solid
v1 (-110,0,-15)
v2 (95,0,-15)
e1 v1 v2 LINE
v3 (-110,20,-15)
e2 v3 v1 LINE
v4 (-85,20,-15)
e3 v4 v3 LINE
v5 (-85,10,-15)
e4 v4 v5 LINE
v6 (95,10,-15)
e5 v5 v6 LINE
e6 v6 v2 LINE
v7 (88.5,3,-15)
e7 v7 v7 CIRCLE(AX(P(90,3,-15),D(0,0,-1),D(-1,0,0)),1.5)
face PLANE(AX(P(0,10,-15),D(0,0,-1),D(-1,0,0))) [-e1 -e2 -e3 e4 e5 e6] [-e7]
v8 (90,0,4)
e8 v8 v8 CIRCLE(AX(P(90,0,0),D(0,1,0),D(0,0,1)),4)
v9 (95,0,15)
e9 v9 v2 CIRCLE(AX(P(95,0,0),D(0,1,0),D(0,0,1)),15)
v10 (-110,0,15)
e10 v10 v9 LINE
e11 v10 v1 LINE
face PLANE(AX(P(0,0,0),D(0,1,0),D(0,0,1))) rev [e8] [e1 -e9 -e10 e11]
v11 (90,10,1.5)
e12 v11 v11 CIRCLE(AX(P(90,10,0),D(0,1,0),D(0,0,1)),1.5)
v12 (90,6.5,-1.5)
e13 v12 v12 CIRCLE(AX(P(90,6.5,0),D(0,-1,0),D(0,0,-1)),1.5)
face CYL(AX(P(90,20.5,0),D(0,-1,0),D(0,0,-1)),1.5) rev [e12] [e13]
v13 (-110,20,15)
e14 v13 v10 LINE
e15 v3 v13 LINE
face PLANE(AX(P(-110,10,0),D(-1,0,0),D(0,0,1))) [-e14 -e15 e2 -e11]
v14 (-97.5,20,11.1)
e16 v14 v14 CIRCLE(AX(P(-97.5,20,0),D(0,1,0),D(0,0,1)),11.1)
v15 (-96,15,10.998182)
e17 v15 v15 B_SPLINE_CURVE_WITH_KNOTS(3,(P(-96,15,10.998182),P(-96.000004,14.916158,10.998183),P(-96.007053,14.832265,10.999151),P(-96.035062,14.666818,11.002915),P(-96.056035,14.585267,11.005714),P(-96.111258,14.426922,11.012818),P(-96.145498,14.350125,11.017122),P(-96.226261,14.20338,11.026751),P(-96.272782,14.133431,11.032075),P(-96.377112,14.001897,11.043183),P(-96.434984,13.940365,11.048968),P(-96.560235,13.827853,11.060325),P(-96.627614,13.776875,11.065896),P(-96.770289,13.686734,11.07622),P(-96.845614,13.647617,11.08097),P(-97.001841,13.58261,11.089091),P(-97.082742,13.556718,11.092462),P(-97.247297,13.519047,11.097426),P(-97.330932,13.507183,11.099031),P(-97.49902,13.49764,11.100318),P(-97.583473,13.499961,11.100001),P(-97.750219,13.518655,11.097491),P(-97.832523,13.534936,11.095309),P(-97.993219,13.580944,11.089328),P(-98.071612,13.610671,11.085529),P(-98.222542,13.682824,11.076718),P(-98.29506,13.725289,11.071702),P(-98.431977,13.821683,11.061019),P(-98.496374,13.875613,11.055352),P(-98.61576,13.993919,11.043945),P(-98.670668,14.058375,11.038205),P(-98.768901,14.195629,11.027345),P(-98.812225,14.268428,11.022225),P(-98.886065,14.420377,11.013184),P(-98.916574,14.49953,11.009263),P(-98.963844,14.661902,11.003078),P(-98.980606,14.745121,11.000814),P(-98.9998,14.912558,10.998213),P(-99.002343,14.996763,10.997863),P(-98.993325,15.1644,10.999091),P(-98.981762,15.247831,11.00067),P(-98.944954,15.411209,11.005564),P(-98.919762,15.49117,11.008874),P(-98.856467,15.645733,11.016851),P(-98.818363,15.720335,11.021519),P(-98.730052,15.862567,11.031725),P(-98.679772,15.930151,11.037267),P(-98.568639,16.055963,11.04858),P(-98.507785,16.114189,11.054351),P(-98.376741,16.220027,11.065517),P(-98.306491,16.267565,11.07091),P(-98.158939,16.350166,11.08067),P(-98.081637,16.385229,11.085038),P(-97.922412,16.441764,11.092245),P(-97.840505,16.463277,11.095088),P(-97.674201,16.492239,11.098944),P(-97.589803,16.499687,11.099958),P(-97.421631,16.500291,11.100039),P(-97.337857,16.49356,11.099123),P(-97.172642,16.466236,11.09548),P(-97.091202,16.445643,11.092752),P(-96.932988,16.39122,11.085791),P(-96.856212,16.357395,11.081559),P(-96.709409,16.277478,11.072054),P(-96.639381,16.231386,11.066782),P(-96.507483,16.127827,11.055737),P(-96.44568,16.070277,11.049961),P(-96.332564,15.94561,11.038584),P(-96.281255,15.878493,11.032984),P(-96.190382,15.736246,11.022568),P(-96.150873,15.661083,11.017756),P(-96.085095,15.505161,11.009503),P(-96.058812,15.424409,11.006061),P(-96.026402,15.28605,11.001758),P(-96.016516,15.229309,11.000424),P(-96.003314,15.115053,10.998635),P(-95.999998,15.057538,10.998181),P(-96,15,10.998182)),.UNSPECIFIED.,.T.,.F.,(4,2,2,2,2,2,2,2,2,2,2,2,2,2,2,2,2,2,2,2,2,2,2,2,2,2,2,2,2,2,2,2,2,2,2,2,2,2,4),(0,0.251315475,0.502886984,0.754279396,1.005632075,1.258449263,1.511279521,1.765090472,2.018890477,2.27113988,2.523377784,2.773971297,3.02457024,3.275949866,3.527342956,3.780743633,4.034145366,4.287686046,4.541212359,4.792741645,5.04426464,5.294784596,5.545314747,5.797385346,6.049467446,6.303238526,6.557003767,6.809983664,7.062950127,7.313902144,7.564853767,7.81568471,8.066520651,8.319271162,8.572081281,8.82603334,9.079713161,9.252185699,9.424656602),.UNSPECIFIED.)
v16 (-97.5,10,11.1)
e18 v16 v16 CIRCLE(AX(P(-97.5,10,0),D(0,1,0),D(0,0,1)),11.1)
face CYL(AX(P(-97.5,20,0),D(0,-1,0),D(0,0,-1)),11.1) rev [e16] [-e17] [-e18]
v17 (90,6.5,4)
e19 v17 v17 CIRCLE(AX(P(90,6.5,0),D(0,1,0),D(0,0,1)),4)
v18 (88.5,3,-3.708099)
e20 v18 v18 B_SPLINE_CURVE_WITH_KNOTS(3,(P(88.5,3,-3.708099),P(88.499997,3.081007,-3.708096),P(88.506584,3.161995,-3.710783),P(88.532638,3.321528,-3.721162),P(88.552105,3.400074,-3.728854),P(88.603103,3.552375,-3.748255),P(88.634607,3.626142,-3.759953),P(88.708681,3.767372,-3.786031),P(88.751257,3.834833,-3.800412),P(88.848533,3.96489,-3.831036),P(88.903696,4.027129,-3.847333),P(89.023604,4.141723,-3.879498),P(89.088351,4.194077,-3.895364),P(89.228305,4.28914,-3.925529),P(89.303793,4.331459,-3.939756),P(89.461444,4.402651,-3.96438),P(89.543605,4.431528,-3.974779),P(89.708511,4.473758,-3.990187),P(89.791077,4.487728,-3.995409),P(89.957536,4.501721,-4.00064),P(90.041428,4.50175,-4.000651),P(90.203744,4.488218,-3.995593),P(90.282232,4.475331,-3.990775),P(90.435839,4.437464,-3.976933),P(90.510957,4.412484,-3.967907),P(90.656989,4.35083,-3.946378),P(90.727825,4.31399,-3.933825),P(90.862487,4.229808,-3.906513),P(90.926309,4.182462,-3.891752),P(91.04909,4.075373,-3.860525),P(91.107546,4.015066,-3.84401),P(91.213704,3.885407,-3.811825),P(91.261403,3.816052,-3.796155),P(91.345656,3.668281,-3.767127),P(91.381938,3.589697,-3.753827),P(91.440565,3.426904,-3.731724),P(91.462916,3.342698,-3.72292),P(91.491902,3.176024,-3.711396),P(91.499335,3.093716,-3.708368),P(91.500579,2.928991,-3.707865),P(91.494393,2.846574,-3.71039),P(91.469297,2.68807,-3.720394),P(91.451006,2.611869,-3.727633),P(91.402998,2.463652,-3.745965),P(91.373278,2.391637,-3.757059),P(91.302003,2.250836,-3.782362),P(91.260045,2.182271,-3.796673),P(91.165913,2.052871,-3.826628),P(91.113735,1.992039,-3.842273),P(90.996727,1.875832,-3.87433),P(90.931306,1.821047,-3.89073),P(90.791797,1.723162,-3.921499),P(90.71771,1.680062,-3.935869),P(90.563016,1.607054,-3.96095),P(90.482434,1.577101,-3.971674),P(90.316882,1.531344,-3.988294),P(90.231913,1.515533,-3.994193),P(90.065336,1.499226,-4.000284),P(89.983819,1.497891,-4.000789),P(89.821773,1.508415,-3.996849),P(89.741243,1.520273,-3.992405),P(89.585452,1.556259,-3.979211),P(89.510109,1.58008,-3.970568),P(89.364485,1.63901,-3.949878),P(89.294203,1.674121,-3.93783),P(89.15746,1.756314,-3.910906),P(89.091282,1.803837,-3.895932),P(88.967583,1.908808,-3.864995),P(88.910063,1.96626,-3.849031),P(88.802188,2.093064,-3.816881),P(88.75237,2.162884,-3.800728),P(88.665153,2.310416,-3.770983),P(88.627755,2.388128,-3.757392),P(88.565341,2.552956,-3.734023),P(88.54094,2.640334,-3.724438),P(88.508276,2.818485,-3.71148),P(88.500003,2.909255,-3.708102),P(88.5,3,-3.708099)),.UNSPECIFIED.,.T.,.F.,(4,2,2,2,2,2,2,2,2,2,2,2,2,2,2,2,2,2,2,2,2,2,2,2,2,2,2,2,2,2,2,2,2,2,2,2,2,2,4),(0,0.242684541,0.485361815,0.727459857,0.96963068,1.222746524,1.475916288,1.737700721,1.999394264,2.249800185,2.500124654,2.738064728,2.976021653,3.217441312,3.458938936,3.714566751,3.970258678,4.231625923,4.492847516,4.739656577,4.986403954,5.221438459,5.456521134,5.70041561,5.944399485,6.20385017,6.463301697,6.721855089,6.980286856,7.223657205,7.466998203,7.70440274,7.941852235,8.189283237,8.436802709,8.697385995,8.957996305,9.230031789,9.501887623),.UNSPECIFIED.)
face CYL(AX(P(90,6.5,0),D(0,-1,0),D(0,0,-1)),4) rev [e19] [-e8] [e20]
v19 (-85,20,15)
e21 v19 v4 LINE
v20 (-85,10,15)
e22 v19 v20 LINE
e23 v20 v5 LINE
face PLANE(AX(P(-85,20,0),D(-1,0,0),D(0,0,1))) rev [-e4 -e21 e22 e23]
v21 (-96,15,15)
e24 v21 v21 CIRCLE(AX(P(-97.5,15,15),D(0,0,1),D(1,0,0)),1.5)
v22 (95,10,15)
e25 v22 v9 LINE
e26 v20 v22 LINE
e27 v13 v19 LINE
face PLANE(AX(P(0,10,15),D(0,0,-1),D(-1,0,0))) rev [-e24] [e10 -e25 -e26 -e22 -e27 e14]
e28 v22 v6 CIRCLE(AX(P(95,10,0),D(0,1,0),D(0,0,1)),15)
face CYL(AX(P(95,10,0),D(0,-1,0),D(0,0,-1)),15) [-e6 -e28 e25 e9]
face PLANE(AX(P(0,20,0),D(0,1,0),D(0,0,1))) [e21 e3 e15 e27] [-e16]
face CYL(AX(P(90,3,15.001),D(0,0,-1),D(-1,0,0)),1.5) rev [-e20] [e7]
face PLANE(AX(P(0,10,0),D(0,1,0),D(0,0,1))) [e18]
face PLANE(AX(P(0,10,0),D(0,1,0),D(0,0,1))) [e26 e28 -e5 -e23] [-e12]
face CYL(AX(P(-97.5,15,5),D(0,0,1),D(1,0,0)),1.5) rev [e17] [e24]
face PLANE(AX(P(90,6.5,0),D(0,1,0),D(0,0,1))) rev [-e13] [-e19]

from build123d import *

# Parameters (mm, degrees)
SKETCH1_R               = 15
BOSS_EXTRUDE1_DEPTH     = 10
SKETCH2_W               = 25
SKETCH2_H               = 30
SKETCH2_R               = 11.1
BOSS_EXTRUDE3_DEPTH     = 10
SKETCH6_R               = 1.5
CUT_EXTRUDE2_DEPTH      = 10
CUT_EXTRUDE3_START      = -10
SKETCH4_R               = 4
CUT_EXTRUDE3_DEPTH      = 6.5
SKETCH7_R               = 1.5
CUT_EXTRUDE4_DEPTH      = 14
CUT_EXTRUDE5_REACH      = 117.758
CUT_EXTRUDE5_END_RADIUS = 4
SKETCH8_R               = 1.5


with BuildPart() as part:
    # Sketch1 → Boss-Extrude1 (new body)
    with BuildSketch(Plane(origin=(0, 0, 0), x_dir=(1, 0, 0), z_dir=(0, 1, 0))):
        with BuildLine():
            Line((-110, 15), (-110, -15))
            Line((-110, -15), (95, -15))
            ThreePointArc((95, -15), (80, 0), (95, 15))
            Line((95, 15), (-110, 15))
        make_face()
        with Locations((95, 0)):
            Circle(SKETCH1_R)
    extrude(amount=BOSS_EXTRUDE1_DEPTH)

    # Sketch2 → Boss-Extrude3 (add)
    with BuildSketch(Plane(origin=(0, 10, 0), x_dir=(1, 0, 0), z_dir=(0, 1, 0))):
        with Locations((-97.5, 0)):
            Rectangle(SKETCH2_W, SKETCH2_H)
        with Locations(Location((-97.5, 0, 0), (0, 0, 270))):
            Circle(SKETCH2_R, mode=Mode.SUBTRACT)
    extrude(amount=BOSS_EXTRUDE3_DEPTH)

    # Sketch6 → Cut-Extrude2 (cut)
    with BuildSketch(Plane.XY.offset(15)):
        with Locations((-97.5, 15)):
            Circle(SKETCH6_R)
    extrude(amount=-CUT_EXTRUDE2_DEPTH, mode=Mode.SUBTRACT)

    # Sketch4 → Cut-Extrude3 (cut)
    with BuildSketch(Plane(origin=(0, 10, 0), x_dir=(1, 0, 0), z_dir=(0, 1, 0)).offset(CUT_EXTRUDE3_START)):
        with Locations(Location((90, 0, 0), (0, 0, 90))):
            Circle(SKETCH4_R)
    extrude(amount=CUT_EXTRUDE3_DEPTH, mode=Mode.SUBTRACT)

    # Sketch7 → Cut-Extrude4 (cut)
    with BuildSketch(Plane(origin=(0, 6.5, 0), x_dir=(-1, 0, 0), z_dir=(0, -1, 0))):
        with Locations(Location((-90, 0, 0), (0, 0, 90))):
            Circle(SKETCH7_R)
    extrude(amount=-CUT_EXTRUDE4_DEPTH, mode=Mode.SUBTRACT)

    # Cut-Extrude5: up to this cylinder (the profile starts outside it)
    cut_extrude5_end = Plane(origin=(90, 3, 0), z_dir=(0, -1, 0)) * Cylinder(CUT_EXTRUDE5_END_RADIUS, 244.516, mode=Mode.PRIVATE)
    # Sketch8 → Cut-Extrude5 (cut, up to the surface)
    with BuildSketch(Plane(origin=(0, 0, -15), x_dir=(-1, 0, 0), z_dir=(0, 0, -1)), mode=Mode.PRIVATE) as cut_extrude5_sk1:
        with Locations((-90, 3)):
            Circle(SKETCH8_R)
    cut_extrude5_tool1 = extrude(cut_extrude5_sk1.sketch, amount=-CUT_EXTRUDE5_REACH, mode=Mode.PRIVATE) - cut_extrude5_end
    add(cut_extrude5_tool1.solids().sort_by_distance((90, 3, -15))[0], mode=Mode.SUBTRACT)


solid = part.part
